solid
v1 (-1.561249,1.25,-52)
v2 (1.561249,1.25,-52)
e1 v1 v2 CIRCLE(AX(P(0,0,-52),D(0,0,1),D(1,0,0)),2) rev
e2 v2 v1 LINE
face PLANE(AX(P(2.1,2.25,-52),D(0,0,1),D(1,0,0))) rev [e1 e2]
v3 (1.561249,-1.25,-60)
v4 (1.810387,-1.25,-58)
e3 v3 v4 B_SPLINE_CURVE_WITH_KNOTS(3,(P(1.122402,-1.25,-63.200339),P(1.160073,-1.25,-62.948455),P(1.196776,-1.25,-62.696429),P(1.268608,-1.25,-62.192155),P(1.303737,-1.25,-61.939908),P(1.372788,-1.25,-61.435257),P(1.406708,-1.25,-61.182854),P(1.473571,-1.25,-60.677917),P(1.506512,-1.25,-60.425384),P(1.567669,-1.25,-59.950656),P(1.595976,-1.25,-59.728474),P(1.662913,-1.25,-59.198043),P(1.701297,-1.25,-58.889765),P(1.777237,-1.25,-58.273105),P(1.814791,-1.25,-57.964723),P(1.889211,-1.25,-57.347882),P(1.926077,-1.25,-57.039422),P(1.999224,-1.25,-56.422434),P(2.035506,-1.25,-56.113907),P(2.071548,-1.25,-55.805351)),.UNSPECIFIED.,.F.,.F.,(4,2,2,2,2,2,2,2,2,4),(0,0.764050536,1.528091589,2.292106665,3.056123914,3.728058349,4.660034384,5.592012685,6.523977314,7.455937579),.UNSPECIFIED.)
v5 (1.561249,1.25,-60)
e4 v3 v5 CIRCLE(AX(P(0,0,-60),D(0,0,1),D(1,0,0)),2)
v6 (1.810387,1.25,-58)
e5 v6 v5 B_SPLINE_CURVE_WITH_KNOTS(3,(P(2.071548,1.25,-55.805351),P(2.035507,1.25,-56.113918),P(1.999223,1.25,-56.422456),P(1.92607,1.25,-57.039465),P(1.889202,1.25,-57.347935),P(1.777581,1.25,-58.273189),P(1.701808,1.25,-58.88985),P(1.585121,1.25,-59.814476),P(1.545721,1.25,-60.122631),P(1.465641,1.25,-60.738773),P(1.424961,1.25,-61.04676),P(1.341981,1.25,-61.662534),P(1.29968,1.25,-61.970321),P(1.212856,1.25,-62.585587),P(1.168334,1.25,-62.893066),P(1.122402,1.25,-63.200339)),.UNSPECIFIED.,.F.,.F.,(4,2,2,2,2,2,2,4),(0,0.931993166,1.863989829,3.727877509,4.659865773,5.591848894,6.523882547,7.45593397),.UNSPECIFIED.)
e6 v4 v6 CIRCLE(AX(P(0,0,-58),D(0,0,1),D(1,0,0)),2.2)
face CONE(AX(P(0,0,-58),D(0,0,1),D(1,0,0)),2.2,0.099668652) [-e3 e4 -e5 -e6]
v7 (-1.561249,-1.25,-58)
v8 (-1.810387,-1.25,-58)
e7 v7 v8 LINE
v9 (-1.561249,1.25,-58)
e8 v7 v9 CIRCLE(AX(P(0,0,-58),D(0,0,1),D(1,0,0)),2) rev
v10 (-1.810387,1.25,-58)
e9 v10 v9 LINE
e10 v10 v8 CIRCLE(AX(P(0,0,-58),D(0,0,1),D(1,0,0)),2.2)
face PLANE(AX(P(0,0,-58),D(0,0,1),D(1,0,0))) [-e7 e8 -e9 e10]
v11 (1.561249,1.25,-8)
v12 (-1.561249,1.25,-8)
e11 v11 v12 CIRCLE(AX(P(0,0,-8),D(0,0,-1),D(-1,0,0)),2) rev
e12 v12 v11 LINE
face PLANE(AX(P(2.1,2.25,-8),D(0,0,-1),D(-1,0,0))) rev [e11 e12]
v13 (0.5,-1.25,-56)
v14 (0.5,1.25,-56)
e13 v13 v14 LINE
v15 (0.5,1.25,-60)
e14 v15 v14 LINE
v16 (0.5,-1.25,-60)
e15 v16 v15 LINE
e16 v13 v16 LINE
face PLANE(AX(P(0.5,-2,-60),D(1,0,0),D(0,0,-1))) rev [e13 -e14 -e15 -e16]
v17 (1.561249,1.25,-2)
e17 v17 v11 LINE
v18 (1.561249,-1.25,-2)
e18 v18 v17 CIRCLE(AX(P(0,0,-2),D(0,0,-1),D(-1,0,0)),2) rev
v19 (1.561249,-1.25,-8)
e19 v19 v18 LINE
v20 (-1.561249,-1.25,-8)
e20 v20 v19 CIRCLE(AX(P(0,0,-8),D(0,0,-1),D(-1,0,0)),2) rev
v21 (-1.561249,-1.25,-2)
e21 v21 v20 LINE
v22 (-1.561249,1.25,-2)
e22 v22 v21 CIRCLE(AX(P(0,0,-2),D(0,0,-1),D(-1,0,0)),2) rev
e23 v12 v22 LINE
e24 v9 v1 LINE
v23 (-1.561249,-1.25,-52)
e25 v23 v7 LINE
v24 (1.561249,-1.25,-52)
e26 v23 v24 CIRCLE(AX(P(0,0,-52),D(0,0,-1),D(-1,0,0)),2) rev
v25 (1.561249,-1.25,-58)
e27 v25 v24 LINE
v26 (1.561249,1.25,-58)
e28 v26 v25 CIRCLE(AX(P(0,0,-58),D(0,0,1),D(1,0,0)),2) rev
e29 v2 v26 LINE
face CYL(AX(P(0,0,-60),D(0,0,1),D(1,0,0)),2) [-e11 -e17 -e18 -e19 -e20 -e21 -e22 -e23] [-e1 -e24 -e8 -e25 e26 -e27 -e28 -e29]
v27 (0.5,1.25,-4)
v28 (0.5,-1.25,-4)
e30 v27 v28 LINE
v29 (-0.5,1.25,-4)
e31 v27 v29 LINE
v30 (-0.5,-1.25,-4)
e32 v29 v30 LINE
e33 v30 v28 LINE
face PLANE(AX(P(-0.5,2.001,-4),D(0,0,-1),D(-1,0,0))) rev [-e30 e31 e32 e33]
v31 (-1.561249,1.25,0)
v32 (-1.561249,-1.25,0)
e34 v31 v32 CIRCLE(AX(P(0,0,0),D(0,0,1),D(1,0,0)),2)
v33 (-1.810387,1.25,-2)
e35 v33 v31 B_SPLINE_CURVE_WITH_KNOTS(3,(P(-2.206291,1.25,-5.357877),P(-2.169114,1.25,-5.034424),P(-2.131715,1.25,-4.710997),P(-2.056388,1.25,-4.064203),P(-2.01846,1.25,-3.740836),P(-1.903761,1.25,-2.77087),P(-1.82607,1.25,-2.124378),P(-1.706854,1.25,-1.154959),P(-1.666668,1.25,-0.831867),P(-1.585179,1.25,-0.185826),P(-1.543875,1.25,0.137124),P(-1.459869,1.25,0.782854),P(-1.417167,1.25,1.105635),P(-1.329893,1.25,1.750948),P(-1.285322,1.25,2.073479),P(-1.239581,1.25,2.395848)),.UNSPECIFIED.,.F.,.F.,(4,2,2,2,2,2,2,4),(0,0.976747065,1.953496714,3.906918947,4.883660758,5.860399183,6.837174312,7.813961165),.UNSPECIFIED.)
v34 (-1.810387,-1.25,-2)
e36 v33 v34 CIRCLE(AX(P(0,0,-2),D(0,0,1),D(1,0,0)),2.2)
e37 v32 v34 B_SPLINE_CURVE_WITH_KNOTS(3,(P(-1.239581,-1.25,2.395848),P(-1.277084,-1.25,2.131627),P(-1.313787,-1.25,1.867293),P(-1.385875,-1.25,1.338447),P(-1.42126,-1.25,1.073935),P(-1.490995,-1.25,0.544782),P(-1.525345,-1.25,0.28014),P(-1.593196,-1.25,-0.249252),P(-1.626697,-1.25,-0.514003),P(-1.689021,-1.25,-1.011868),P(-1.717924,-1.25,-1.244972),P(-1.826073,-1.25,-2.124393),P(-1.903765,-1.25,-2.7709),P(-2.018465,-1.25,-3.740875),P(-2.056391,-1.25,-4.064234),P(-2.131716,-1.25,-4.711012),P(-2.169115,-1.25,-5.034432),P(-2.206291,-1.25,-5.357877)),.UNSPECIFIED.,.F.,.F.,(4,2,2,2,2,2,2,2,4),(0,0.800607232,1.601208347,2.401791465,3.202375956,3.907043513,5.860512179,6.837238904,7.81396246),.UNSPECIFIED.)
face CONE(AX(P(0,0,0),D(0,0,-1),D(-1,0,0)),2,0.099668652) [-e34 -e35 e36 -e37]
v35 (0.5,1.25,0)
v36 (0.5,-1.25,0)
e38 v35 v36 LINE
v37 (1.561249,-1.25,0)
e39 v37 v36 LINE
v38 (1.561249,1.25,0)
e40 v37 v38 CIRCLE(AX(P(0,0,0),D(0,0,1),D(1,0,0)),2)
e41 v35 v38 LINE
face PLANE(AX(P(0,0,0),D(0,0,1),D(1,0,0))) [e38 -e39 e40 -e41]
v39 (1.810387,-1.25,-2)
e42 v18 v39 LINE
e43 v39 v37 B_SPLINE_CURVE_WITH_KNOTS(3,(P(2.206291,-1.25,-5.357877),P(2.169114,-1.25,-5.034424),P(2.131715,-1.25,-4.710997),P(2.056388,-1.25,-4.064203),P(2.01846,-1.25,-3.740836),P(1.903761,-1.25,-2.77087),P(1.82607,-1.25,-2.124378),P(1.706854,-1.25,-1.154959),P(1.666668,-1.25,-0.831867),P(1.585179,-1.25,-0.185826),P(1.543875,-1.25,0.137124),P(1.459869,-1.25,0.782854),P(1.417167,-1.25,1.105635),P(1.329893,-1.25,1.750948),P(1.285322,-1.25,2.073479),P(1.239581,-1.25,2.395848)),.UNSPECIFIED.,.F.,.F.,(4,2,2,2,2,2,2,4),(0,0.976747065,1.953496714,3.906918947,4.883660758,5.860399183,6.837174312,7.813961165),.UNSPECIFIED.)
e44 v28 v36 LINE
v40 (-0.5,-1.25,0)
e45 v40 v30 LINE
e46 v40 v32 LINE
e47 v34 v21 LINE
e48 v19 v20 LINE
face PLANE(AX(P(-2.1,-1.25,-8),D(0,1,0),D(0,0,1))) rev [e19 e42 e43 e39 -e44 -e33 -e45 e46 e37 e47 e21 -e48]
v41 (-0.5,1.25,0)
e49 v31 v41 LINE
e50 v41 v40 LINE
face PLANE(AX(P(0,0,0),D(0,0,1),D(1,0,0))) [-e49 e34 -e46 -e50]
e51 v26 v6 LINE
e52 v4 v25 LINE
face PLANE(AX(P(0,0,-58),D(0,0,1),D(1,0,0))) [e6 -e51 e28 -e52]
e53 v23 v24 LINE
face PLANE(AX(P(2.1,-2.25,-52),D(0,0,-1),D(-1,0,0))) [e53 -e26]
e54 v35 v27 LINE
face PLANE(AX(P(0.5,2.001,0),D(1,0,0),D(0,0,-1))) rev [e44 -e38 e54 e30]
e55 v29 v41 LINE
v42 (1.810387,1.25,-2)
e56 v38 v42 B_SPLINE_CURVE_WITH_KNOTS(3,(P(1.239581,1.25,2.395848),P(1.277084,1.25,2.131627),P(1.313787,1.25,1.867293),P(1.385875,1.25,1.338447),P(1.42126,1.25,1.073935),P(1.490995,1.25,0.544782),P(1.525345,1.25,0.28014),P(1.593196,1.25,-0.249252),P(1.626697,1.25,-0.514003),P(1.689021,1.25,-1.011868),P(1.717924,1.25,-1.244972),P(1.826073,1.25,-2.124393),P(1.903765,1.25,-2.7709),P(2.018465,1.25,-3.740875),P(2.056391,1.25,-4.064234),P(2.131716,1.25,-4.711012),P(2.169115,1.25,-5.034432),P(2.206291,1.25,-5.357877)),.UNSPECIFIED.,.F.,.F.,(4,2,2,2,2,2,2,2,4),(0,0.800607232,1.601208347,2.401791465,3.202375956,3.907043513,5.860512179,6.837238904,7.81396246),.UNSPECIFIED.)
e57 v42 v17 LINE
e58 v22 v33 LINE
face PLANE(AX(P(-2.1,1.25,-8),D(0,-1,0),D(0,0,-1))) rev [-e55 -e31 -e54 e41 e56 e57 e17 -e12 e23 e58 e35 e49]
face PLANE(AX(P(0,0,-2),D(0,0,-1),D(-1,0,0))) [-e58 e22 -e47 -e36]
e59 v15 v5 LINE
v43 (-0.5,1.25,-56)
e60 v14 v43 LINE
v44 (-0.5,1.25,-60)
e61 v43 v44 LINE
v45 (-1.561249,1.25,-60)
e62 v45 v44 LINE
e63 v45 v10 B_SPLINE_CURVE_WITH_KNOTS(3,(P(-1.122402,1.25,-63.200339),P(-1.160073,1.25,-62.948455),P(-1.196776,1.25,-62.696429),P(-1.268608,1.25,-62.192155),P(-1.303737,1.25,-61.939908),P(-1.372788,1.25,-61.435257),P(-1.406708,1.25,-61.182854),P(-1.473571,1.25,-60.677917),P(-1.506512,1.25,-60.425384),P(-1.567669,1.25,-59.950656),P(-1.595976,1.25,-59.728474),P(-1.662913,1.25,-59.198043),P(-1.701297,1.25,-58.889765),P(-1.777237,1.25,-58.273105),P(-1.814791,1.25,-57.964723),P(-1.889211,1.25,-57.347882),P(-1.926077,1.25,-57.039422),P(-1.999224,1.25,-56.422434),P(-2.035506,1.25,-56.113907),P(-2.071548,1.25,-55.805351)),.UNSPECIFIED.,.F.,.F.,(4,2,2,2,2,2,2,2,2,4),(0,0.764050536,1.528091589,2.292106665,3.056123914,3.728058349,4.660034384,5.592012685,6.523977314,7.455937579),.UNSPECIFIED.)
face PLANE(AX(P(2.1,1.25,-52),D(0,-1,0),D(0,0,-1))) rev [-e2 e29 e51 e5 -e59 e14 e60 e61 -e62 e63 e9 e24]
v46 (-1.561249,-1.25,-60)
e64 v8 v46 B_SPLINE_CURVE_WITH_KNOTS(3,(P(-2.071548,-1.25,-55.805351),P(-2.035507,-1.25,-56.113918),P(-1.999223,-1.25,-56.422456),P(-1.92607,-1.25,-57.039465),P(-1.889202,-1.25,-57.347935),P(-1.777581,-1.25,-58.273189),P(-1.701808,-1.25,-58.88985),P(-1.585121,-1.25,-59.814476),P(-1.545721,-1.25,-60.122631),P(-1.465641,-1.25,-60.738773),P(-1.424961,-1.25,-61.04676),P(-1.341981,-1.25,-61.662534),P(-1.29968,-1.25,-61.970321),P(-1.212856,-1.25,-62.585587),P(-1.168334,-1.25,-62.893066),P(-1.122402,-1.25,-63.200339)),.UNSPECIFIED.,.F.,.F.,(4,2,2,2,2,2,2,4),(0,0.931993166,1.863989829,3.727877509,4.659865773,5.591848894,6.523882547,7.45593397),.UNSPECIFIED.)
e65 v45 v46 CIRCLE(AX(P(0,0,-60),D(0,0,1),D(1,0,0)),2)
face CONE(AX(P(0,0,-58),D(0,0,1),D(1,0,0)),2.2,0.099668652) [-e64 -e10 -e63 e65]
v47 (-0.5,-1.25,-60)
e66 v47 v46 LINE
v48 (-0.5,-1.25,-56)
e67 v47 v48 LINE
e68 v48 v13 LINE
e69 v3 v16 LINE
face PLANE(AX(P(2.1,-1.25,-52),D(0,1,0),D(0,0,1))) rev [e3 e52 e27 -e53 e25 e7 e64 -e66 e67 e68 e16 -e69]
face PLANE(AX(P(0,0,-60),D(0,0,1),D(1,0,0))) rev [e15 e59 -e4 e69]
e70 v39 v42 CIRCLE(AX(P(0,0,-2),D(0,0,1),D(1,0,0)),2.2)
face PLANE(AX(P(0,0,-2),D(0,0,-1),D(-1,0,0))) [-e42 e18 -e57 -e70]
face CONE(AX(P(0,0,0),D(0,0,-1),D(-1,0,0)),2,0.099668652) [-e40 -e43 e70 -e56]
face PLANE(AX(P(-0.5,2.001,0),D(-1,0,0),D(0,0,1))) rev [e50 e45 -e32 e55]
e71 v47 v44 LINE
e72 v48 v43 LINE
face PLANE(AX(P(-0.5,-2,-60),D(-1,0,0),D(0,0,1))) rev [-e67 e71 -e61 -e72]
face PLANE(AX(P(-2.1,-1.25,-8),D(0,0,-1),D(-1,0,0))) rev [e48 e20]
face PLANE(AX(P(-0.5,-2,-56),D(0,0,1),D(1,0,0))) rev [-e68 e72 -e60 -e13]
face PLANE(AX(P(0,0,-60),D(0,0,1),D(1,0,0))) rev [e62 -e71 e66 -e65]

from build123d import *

# Parameters (mm, degrees)
SKETCH_1_R               = 2
EXTRUDE_1_DEPTH          = 60
SKETCH_3_W               = 4.2
SKETCH_3_H               = 1
CUT_EXTRUDE_1_DEPTH      = 8
CUT_EXTRUDE_2_REACH      = 62.128
SKETCH_4_W               = 1
SKETCH_4_H               = 4
SKETCH_6_W               = 4.2
SKETCH_6_H               = 1
CUT_EXTRUDE_3_DEPTH      = 8
CUT_EXTRUDE_4_DEPTH      = 61.073621499
CUT_EXTRUDE_4_DEPTH_BACK = 61.073621499
SKETCH_7_W               = 1
SKETCH_7_H               = 4


with BuildPart() as part:
    # 草图1 → 凸台-拉伸1 (new body)
    with BuildSketch(Plane.XY):
        Circle(SKETCH_1_R)
    extrude(amount=-EXTRUDE_1_DEPTH)

    # 草图2 → 旋转1 (revolve)
    with BuildSketch(Plane(origin=(0, 0, 0), x_dir=(1, 0, 0), z_dir=(0, 1, 0))):
        Polygon((0, 0), (0, 2), (2.2, 2), (2, 0), align=None)
    revolve(axis=Axis((0, 0, 0), (0, 0, -1)))

    # 草图3 → 切除-拉伸1 (cut)
    with BuildSketch(Plane.XY):
        with Locations((0, 1.75)):
            Rectangle(SKETCH_3_W, SKETCH_3_H)
        with Locations((0, -1.75)):
            Rectangle(SKETCH_3_W, SKETCH_3_H)
    extrude(amount=-CUT_EXTRUDE_1_DEPTH, mode=Mode.SUBTRACT)

    # 草图4 → 切除-拉伸2 (cut, up to next)
    with BuildSketch(Plane.XZ.offset(1.25), mode=Mode.PRIVATE) as cut_extrude_2_sk1:
        with Locations((0, -2)):
            Rectangle(SKETCH_4_W, SKETCH_4_H)
    cut_extrude_2_tool1 = extrude(cut_extrude_2_sk1.sketch, amount=-CUT_EXTRUDE_2_REACH, mode=Mode.PRIVATE) & part.part
    add(cut_extrude_2_tool1.solids().sort_by_distance((0, -1.25, -2))[0], mode=Mode.SUBTRACT)

    # 草图5 → 旋转2 (revolve)
    with BuildSketch(Plane(origin=(0, 0, 0), x_dir=(1, 0, 0), z_dir=(0, 1, 0))):
        Polygon((0, 60), (0, 58), (2.2, 58), (2, 60), align=None)
    revolve(axis=Axis((0, 0, -58.137689197), (0, 0, -1)))

    # 草图6 → 切除-拉伸3 (cut)
    with BuildSketch(Plane(origin=(0, 0, -60), x_dir=(-1, 0, 0), z_dir=(0, 0, -1))):
        with Locations((0, 1.75)):
            Rectangle(SKETCH_6_W, SKETCH_6_H)
        with Locations((0, -1.75)):
            Rectangle(SKETCH_6_W, SKETCH_6_H)
    extrude(amount=-CUT_EXTRUDE_3_DEPTH, mode=Mode.SUBTRACT)

    # 草图7 → 切除-拉伸4 (cut, two sides: drawn at the far end of the back side and taken through both)
    with BuildSketch(Plane(origin=(0, 0, 0), x_dir=(1, 0, 0), z_dir=(0, 1, 0)).offset(-CUT_EXTRUDE_4_DEPTH_BACK)):
        with Locations((0, 58)):
            Rectangle(SKETCH_7_W, SKETCH_7_H)
    extrude(amount=CUT_EXTRUDE_4_DEPTH + CUT_EXTRUDE_4_DEPTH_BACK, mode=Mode.SUBTRACT)


solid = part.part
